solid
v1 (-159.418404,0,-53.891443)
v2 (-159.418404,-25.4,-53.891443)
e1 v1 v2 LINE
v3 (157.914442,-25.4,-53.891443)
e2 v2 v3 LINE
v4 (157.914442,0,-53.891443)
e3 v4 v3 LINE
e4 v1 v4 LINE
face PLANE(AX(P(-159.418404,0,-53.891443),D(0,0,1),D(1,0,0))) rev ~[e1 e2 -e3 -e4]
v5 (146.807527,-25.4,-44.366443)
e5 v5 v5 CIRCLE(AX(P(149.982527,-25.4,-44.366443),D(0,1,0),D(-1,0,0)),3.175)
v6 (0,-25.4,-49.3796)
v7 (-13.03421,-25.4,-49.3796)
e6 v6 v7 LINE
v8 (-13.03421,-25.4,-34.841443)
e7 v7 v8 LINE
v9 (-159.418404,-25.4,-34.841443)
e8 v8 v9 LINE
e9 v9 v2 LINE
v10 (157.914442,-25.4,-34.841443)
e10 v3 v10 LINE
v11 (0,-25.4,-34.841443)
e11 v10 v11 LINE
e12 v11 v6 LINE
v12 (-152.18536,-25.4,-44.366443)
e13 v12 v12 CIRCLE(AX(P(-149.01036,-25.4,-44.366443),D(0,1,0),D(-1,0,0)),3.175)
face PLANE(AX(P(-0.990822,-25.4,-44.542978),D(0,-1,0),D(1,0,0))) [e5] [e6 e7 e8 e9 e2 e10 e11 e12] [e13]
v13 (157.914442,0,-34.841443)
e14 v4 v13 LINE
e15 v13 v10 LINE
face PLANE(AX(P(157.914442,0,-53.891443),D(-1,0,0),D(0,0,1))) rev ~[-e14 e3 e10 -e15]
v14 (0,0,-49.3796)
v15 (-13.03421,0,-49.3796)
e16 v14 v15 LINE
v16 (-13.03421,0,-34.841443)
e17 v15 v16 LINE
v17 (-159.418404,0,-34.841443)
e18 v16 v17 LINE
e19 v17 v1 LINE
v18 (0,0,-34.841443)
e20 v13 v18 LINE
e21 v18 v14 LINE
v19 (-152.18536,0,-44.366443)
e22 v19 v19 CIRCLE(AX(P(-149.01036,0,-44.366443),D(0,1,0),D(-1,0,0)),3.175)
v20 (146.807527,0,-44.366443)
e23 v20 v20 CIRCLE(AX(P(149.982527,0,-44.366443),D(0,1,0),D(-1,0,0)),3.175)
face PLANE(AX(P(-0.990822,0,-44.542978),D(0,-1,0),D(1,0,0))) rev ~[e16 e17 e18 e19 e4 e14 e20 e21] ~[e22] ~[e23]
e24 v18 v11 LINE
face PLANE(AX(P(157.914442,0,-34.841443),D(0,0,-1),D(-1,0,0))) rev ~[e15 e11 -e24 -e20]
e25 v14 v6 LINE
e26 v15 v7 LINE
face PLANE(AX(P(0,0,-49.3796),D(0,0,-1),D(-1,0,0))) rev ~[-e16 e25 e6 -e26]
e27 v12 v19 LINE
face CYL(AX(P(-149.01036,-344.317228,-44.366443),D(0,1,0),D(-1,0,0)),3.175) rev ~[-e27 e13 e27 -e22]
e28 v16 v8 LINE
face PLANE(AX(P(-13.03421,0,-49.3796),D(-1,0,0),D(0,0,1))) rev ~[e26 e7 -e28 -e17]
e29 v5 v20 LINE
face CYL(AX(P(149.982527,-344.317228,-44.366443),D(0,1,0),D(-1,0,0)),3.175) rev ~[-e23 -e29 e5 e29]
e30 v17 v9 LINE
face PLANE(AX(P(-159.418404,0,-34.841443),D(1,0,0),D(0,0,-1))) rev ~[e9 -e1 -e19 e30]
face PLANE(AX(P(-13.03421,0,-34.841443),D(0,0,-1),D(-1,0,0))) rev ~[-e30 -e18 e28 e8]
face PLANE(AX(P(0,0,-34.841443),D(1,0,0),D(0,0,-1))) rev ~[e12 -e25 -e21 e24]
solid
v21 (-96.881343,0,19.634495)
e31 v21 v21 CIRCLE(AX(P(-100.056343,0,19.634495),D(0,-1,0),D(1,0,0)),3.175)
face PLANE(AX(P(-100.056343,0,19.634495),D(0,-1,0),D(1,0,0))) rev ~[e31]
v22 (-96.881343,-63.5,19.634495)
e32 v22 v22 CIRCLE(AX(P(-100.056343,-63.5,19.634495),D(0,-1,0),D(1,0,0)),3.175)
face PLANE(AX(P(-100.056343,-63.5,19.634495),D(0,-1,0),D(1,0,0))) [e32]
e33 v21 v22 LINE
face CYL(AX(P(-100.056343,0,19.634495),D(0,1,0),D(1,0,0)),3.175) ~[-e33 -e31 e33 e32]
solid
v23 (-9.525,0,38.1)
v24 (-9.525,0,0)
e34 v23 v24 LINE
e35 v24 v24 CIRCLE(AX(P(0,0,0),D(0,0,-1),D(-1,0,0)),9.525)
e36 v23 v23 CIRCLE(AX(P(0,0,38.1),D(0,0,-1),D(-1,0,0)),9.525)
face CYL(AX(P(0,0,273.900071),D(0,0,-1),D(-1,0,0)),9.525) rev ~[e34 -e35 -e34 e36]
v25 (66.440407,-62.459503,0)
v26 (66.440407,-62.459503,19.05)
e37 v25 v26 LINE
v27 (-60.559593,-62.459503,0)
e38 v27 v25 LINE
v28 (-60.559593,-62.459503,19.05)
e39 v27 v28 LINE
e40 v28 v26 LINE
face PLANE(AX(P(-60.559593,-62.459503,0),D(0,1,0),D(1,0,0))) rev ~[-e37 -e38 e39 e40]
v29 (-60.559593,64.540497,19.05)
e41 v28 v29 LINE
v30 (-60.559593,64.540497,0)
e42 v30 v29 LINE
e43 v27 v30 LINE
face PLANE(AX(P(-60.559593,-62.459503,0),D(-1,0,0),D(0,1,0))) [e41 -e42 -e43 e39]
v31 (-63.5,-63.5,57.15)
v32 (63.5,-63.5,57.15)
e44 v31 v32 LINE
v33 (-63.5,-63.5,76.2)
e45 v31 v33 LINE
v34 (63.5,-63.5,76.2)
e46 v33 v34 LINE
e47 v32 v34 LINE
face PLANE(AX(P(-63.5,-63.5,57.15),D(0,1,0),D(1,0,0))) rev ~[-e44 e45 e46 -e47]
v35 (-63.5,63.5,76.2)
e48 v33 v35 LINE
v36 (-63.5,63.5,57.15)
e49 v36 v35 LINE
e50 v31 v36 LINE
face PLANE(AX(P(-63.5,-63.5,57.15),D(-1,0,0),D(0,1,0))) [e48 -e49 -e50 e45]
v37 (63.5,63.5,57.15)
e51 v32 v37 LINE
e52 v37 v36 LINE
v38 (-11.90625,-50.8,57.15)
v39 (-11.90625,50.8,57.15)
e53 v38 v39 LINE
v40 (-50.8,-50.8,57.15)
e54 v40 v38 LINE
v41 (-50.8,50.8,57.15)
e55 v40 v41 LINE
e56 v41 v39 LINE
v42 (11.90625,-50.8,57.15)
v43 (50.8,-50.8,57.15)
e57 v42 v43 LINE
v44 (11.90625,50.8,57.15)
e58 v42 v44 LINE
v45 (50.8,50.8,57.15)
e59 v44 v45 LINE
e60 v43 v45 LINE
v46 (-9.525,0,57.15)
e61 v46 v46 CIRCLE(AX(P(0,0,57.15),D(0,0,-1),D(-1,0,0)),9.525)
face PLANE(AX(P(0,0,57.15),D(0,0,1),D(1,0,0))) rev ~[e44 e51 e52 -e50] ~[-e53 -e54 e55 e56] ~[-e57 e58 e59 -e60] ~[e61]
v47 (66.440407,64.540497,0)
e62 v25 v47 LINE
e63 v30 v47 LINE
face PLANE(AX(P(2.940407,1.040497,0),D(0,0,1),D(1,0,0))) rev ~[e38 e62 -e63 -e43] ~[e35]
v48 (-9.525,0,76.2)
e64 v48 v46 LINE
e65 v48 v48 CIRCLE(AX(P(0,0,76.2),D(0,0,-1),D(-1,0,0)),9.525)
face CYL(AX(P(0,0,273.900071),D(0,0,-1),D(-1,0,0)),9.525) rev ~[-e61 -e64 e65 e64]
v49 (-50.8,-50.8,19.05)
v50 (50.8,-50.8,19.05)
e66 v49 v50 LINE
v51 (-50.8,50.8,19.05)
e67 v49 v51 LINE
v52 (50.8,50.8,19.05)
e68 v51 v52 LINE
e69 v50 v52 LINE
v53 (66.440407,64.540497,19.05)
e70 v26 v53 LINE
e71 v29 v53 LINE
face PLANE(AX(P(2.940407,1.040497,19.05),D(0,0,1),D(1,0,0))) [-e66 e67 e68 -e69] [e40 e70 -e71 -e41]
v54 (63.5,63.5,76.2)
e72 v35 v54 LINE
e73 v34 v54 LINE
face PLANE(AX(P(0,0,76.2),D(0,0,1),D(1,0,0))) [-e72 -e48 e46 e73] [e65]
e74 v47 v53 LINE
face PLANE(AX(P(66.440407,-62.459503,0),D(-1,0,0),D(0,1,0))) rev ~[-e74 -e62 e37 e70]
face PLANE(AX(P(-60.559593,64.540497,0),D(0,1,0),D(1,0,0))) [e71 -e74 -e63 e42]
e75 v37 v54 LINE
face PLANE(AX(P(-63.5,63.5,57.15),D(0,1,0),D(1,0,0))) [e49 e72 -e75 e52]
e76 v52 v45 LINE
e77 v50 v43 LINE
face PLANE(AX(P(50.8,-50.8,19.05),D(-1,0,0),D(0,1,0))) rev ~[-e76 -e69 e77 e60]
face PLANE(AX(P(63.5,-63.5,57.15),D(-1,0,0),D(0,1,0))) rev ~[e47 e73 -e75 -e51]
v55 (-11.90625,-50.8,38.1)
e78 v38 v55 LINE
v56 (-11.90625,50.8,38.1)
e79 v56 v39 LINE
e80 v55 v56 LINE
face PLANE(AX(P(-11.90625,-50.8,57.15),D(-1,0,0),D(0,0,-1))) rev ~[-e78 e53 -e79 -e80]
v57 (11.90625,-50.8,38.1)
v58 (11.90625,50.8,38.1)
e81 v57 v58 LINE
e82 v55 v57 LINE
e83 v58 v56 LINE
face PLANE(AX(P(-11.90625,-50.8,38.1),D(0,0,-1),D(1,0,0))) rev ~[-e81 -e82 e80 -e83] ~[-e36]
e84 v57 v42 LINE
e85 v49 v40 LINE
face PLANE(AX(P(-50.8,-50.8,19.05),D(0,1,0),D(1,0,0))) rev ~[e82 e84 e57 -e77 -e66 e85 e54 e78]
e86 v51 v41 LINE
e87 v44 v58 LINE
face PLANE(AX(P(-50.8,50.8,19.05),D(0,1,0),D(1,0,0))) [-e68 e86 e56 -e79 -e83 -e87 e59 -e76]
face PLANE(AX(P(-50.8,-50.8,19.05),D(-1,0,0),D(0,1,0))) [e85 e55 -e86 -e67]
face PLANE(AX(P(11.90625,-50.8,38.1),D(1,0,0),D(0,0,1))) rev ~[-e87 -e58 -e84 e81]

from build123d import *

# Parameters (mm, degrees)
F0_W      = 127
F0_H      = 127
F1_DEPTH  = 19.05
F2_W      = 101.6
F2_H      = 101.6
F3_DEPTH  = 38.1
F4_W      = 127
F4_H      = 127
F4_W_2    = 101.6
F4_H_2    = 101.6
F5_DEPTH  = 19.05
F8_D      = 19.05
F9_DEPTH  = 115.3414966296
F11_DEPTH = 25.4
F13_D     = 6.35
F14_R     = 3.175
F15_DEPTH = 63.5


with BuildPart() as f1:
    # F0 (on Top) → F1 (new body)
    with BuildSketch(Plane.XY):
        with Locations((2.9404070228, 1.0404966296)):
            Rectangle(F0_W, F0_H)
    extrude(amount=F1_DEPTH)

    # F2 (on face) → F3 (join)
    with BuildSketch(Plane.XY.offset(19.05)):
        Rectangle(F2_W, F2_H)
    extrude(amount=F3_DEPTH)

    # F4 (on face) → F5 (join)
    with BuildSketch(Plane.XY.offset(57.15)):
        Rectangle(F4_W, F4_H)
        Rectangle(F4_W_2, F4_H_2, mode=Mode.SUBTRACT)
        Rectangle(F4_W_2, F4_H_2)
    extrude(amount=F5_DEPTH)

    # F8 (through all)
    with Locations(Plane.XY.offset(76.2)):
        with Locations((0, 0)):
            Hole(F8_D / 2)

    # F6 (on face) → F9 (cut, through all)
    with BuildSketch(Plane.XZ.offset(50.8)):
        Polygon((-11.90625, 38.1), (0, 38.1), (11.90625, 38.1), (11.90625, 57.15), (-11.90625, 57.15), align=None)
    extrude(amount=-F9_DEPTH, mode=Mode.SUBTRACT)


with BuildPart() as f11:
    # F10 (on Front) → F11 (new body)
    with BuildSketch(Plane.XZ):
        Polygon((157.9144424833, -53.8914430416), (157.9144424833, -34.8414430416), (18.5486808761, -34.8414430416), (0, -34.8414430416), (0, -44.3664430416), (0, -49.3795995867), (-13.0342097324, -49.3795995867), (-13.0342097324, -44.3664430416), (-13.0342097324, -34.8414430416), (-159.4184043804, -34.8414430416), (-159.4184043804, -53.8914430416), align=None)
    extrude(amount=F11_DEPTH)

    # F13 (through all)
    with Locations(Plane.XZ.offset(25.4)):
        with Locations((-149.0103602409, -44.3664430416), (149.9825268984, -44.3664430416)):
            Hole(F13_D / 2)


with BuildPart() as f15:
    # F14 (on Front) → F15 (new body)
    with BuildSketch(Plane.XZ):
        with Locations((-100.0563427806, 19.634494558)):
            Circle(F14_R)
    extrude(amount=F15_DEPTH)


solid = Compound([f1.part, f11.part, f15.part])
